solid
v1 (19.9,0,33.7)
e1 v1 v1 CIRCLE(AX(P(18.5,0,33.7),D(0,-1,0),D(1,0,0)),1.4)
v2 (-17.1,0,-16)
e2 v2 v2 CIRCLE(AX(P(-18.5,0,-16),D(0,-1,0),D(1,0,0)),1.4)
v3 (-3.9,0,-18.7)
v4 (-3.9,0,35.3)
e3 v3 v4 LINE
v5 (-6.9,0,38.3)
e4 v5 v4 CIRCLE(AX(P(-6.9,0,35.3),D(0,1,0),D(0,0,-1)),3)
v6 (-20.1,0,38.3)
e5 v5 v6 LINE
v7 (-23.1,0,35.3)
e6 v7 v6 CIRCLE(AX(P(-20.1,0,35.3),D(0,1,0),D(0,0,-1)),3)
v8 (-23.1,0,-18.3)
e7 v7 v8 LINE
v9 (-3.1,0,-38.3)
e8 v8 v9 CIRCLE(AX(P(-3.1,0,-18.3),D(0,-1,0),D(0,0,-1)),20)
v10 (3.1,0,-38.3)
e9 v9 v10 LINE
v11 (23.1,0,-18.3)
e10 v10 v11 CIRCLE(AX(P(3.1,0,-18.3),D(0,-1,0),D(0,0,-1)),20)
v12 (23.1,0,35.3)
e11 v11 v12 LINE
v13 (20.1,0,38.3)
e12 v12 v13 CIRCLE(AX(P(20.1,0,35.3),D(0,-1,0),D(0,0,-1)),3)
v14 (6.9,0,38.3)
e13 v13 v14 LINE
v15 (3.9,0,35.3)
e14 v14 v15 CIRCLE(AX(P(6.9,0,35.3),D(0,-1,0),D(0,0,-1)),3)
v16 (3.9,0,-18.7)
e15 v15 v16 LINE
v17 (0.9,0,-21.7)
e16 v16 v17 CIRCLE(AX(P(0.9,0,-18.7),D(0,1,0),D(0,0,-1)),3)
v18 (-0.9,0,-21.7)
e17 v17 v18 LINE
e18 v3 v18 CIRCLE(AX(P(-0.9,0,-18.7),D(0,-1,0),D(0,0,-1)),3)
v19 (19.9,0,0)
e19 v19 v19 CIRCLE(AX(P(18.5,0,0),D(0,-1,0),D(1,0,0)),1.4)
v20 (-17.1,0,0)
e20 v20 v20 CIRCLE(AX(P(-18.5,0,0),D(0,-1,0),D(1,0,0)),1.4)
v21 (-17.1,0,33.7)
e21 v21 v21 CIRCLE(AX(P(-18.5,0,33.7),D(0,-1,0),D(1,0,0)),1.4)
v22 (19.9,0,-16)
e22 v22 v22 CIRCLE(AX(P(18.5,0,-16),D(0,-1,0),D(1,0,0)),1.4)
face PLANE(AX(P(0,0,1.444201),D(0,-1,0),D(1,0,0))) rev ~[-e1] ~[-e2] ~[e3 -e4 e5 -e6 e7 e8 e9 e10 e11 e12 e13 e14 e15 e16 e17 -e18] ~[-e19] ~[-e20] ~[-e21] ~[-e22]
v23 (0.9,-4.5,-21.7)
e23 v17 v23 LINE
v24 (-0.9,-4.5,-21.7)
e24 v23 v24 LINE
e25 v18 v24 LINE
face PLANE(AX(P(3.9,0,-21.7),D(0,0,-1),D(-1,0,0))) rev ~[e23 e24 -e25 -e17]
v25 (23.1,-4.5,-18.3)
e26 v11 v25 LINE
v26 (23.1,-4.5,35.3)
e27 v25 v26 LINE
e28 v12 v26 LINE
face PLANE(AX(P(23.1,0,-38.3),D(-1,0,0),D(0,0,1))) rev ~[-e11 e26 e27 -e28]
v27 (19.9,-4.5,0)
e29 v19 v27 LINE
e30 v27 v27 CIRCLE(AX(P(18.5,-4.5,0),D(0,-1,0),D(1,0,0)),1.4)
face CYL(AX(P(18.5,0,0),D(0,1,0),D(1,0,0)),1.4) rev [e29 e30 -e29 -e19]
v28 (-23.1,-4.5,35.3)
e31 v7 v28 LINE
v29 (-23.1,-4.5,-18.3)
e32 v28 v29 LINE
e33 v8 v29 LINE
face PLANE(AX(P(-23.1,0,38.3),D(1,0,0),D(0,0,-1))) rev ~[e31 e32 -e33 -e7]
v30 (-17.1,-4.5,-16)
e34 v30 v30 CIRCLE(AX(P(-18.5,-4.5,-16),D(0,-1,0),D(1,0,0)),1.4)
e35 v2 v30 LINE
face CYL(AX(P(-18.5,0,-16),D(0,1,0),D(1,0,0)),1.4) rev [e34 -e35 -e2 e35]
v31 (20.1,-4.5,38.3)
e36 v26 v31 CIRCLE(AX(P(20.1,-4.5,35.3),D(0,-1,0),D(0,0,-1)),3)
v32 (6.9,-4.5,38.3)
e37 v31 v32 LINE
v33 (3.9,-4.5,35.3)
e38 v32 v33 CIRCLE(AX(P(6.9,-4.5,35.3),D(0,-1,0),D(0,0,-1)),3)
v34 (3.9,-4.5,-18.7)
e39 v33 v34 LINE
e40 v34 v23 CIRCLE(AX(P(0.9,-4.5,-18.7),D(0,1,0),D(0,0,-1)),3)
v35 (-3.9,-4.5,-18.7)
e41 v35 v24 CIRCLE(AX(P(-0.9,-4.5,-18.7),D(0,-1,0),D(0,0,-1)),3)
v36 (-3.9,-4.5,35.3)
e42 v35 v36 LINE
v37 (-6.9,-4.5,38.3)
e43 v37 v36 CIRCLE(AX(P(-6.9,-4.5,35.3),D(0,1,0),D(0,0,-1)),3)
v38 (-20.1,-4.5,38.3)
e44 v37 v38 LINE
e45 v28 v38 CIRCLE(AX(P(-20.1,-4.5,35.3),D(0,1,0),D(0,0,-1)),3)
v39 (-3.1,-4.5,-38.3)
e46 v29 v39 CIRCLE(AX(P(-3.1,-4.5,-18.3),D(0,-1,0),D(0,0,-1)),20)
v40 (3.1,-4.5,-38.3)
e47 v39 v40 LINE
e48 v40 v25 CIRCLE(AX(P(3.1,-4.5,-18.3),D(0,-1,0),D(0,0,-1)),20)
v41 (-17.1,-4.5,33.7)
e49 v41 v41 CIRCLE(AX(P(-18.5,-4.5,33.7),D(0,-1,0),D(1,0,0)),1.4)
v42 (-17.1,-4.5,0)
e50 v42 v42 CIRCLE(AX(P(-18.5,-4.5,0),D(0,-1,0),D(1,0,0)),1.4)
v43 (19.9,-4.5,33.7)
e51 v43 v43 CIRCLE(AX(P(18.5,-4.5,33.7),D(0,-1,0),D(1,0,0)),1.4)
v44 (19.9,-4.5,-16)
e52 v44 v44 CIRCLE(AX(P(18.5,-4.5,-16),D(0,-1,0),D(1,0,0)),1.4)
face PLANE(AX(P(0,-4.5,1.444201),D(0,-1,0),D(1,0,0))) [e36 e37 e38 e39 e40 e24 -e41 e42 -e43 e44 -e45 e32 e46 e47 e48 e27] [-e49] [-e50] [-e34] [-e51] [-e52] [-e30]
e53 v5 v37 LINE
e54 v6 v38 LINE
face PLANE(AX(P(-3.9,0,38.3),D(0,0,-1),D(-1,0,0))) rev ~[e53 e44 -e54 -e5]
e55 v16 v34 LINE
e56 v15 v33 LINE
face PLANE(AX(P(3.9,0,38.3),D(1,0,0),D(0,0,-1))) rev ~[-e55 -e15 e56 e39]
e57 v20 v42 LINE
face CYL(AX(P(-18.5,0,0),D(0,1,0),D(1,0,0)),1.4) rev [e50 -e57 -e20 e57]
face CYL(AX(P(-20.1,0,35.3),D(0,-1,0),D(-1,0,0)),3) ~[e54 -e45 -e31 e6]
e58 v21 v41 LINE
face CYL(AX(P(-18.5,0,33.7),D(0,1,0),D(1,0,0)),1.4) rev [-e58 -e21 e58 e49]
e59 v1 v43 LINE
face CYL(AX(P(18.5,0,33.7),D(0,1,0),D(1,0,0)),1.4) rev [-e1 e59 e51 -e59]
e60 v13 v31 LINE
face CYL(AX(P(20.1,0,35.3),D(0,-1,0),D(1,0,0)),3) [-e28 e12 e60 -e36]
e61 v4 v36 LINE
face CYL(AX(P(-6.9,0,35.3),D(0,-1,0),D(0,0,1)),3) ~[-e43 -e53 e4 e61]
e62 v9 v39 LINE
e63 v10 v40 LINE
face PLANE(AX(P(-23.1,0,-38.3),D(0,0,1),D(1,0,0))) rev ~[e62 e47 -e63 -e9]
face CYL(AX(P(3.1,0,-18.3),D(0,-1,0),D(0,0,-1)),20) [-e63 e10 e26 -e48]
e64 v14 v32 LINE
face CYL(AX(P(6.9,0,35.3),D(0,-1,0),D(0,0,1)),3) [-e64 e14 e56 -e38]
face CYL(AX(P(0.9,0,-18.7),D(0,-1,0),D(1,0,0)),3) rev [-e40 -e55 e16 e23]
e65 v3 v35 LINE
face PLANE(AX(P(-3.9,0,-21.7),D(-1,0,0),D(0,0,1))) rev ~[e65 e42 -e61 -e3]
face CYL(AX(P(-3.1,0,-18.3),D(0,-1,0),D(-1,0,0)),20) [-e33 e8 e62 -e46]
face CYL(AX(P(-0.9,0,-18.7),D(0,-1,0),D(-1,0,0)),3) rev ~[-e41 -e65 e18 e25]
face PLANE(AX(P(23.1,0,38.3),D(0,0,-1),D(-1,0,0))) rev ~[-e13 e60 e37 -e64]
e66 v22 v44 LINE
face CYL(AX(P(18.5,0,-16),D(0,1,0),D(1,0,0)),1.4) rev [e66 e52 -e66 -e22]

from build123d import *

# Parameters (mm, degrees)
F0_R     = 1.4
F1_DEPTH = 4.5
F2_R     = 3
F3_R     = 20


with BuildPart() as f1:
    # F0 (on Front) → F1 (new body)
    with BuildSketch(Plane.XZ):
        Polygon((-23.1, -38.3), (23.1, -38.3), (23.1, 38.3), (3.9, 38.3), (3.9, -21.7), (-3.9, -21.7), (-3.9, 38.3), (-23.1, 38.3), align=None)
        with Locations((-18.5, -16)):
            Circle(F0_R, mode=Mode.SUBTRACT)
        with Locations((18.5, -16)):
            Circle(F0_R, mode=Mode.SUBTRACT)
        with Locations((-18.5, 0)):
            Circle(F0_R, mode=Mode.SUBTRACT)
        with Locations((-18.5, 33.7)):
            Circle(F0_R, mode=Mode.SUBTRACT)
        with Locations((18.5, 0)):
            Circle(F0_R, mode=Mode.SUBTRACT)
        with Locations((18.5, 33.7)):
            Circle(F0_R, mode=Mode.SUBTRACT)
    extrude(amount=F1_DEPTH)

    # F2
    f2_edges = [f1.edges().sort_by_distance(p)[0] for p in [
        (-23.1, -2.25, 38.3),
        (23.1, -2.25, 38.3),
        (-3.9, -2.25, -21.7),
        (3.9, -2.25, -21.7),
        (-3.9, -2.25, 38.3),
        (3.9, -2.25, 38.3),
    ]]
    fillet(f2_edges, radius=F2_R)

    # F3
    f3_edges = [f1.edges().sort_by_distance(p)[0] for p in [
        (-23.1, -2.25, -38.3),
        (23.1, -2.25, -38.3),
    ]]
    fillet(f3_edges, radius=F3_R)


solid = f1.part
